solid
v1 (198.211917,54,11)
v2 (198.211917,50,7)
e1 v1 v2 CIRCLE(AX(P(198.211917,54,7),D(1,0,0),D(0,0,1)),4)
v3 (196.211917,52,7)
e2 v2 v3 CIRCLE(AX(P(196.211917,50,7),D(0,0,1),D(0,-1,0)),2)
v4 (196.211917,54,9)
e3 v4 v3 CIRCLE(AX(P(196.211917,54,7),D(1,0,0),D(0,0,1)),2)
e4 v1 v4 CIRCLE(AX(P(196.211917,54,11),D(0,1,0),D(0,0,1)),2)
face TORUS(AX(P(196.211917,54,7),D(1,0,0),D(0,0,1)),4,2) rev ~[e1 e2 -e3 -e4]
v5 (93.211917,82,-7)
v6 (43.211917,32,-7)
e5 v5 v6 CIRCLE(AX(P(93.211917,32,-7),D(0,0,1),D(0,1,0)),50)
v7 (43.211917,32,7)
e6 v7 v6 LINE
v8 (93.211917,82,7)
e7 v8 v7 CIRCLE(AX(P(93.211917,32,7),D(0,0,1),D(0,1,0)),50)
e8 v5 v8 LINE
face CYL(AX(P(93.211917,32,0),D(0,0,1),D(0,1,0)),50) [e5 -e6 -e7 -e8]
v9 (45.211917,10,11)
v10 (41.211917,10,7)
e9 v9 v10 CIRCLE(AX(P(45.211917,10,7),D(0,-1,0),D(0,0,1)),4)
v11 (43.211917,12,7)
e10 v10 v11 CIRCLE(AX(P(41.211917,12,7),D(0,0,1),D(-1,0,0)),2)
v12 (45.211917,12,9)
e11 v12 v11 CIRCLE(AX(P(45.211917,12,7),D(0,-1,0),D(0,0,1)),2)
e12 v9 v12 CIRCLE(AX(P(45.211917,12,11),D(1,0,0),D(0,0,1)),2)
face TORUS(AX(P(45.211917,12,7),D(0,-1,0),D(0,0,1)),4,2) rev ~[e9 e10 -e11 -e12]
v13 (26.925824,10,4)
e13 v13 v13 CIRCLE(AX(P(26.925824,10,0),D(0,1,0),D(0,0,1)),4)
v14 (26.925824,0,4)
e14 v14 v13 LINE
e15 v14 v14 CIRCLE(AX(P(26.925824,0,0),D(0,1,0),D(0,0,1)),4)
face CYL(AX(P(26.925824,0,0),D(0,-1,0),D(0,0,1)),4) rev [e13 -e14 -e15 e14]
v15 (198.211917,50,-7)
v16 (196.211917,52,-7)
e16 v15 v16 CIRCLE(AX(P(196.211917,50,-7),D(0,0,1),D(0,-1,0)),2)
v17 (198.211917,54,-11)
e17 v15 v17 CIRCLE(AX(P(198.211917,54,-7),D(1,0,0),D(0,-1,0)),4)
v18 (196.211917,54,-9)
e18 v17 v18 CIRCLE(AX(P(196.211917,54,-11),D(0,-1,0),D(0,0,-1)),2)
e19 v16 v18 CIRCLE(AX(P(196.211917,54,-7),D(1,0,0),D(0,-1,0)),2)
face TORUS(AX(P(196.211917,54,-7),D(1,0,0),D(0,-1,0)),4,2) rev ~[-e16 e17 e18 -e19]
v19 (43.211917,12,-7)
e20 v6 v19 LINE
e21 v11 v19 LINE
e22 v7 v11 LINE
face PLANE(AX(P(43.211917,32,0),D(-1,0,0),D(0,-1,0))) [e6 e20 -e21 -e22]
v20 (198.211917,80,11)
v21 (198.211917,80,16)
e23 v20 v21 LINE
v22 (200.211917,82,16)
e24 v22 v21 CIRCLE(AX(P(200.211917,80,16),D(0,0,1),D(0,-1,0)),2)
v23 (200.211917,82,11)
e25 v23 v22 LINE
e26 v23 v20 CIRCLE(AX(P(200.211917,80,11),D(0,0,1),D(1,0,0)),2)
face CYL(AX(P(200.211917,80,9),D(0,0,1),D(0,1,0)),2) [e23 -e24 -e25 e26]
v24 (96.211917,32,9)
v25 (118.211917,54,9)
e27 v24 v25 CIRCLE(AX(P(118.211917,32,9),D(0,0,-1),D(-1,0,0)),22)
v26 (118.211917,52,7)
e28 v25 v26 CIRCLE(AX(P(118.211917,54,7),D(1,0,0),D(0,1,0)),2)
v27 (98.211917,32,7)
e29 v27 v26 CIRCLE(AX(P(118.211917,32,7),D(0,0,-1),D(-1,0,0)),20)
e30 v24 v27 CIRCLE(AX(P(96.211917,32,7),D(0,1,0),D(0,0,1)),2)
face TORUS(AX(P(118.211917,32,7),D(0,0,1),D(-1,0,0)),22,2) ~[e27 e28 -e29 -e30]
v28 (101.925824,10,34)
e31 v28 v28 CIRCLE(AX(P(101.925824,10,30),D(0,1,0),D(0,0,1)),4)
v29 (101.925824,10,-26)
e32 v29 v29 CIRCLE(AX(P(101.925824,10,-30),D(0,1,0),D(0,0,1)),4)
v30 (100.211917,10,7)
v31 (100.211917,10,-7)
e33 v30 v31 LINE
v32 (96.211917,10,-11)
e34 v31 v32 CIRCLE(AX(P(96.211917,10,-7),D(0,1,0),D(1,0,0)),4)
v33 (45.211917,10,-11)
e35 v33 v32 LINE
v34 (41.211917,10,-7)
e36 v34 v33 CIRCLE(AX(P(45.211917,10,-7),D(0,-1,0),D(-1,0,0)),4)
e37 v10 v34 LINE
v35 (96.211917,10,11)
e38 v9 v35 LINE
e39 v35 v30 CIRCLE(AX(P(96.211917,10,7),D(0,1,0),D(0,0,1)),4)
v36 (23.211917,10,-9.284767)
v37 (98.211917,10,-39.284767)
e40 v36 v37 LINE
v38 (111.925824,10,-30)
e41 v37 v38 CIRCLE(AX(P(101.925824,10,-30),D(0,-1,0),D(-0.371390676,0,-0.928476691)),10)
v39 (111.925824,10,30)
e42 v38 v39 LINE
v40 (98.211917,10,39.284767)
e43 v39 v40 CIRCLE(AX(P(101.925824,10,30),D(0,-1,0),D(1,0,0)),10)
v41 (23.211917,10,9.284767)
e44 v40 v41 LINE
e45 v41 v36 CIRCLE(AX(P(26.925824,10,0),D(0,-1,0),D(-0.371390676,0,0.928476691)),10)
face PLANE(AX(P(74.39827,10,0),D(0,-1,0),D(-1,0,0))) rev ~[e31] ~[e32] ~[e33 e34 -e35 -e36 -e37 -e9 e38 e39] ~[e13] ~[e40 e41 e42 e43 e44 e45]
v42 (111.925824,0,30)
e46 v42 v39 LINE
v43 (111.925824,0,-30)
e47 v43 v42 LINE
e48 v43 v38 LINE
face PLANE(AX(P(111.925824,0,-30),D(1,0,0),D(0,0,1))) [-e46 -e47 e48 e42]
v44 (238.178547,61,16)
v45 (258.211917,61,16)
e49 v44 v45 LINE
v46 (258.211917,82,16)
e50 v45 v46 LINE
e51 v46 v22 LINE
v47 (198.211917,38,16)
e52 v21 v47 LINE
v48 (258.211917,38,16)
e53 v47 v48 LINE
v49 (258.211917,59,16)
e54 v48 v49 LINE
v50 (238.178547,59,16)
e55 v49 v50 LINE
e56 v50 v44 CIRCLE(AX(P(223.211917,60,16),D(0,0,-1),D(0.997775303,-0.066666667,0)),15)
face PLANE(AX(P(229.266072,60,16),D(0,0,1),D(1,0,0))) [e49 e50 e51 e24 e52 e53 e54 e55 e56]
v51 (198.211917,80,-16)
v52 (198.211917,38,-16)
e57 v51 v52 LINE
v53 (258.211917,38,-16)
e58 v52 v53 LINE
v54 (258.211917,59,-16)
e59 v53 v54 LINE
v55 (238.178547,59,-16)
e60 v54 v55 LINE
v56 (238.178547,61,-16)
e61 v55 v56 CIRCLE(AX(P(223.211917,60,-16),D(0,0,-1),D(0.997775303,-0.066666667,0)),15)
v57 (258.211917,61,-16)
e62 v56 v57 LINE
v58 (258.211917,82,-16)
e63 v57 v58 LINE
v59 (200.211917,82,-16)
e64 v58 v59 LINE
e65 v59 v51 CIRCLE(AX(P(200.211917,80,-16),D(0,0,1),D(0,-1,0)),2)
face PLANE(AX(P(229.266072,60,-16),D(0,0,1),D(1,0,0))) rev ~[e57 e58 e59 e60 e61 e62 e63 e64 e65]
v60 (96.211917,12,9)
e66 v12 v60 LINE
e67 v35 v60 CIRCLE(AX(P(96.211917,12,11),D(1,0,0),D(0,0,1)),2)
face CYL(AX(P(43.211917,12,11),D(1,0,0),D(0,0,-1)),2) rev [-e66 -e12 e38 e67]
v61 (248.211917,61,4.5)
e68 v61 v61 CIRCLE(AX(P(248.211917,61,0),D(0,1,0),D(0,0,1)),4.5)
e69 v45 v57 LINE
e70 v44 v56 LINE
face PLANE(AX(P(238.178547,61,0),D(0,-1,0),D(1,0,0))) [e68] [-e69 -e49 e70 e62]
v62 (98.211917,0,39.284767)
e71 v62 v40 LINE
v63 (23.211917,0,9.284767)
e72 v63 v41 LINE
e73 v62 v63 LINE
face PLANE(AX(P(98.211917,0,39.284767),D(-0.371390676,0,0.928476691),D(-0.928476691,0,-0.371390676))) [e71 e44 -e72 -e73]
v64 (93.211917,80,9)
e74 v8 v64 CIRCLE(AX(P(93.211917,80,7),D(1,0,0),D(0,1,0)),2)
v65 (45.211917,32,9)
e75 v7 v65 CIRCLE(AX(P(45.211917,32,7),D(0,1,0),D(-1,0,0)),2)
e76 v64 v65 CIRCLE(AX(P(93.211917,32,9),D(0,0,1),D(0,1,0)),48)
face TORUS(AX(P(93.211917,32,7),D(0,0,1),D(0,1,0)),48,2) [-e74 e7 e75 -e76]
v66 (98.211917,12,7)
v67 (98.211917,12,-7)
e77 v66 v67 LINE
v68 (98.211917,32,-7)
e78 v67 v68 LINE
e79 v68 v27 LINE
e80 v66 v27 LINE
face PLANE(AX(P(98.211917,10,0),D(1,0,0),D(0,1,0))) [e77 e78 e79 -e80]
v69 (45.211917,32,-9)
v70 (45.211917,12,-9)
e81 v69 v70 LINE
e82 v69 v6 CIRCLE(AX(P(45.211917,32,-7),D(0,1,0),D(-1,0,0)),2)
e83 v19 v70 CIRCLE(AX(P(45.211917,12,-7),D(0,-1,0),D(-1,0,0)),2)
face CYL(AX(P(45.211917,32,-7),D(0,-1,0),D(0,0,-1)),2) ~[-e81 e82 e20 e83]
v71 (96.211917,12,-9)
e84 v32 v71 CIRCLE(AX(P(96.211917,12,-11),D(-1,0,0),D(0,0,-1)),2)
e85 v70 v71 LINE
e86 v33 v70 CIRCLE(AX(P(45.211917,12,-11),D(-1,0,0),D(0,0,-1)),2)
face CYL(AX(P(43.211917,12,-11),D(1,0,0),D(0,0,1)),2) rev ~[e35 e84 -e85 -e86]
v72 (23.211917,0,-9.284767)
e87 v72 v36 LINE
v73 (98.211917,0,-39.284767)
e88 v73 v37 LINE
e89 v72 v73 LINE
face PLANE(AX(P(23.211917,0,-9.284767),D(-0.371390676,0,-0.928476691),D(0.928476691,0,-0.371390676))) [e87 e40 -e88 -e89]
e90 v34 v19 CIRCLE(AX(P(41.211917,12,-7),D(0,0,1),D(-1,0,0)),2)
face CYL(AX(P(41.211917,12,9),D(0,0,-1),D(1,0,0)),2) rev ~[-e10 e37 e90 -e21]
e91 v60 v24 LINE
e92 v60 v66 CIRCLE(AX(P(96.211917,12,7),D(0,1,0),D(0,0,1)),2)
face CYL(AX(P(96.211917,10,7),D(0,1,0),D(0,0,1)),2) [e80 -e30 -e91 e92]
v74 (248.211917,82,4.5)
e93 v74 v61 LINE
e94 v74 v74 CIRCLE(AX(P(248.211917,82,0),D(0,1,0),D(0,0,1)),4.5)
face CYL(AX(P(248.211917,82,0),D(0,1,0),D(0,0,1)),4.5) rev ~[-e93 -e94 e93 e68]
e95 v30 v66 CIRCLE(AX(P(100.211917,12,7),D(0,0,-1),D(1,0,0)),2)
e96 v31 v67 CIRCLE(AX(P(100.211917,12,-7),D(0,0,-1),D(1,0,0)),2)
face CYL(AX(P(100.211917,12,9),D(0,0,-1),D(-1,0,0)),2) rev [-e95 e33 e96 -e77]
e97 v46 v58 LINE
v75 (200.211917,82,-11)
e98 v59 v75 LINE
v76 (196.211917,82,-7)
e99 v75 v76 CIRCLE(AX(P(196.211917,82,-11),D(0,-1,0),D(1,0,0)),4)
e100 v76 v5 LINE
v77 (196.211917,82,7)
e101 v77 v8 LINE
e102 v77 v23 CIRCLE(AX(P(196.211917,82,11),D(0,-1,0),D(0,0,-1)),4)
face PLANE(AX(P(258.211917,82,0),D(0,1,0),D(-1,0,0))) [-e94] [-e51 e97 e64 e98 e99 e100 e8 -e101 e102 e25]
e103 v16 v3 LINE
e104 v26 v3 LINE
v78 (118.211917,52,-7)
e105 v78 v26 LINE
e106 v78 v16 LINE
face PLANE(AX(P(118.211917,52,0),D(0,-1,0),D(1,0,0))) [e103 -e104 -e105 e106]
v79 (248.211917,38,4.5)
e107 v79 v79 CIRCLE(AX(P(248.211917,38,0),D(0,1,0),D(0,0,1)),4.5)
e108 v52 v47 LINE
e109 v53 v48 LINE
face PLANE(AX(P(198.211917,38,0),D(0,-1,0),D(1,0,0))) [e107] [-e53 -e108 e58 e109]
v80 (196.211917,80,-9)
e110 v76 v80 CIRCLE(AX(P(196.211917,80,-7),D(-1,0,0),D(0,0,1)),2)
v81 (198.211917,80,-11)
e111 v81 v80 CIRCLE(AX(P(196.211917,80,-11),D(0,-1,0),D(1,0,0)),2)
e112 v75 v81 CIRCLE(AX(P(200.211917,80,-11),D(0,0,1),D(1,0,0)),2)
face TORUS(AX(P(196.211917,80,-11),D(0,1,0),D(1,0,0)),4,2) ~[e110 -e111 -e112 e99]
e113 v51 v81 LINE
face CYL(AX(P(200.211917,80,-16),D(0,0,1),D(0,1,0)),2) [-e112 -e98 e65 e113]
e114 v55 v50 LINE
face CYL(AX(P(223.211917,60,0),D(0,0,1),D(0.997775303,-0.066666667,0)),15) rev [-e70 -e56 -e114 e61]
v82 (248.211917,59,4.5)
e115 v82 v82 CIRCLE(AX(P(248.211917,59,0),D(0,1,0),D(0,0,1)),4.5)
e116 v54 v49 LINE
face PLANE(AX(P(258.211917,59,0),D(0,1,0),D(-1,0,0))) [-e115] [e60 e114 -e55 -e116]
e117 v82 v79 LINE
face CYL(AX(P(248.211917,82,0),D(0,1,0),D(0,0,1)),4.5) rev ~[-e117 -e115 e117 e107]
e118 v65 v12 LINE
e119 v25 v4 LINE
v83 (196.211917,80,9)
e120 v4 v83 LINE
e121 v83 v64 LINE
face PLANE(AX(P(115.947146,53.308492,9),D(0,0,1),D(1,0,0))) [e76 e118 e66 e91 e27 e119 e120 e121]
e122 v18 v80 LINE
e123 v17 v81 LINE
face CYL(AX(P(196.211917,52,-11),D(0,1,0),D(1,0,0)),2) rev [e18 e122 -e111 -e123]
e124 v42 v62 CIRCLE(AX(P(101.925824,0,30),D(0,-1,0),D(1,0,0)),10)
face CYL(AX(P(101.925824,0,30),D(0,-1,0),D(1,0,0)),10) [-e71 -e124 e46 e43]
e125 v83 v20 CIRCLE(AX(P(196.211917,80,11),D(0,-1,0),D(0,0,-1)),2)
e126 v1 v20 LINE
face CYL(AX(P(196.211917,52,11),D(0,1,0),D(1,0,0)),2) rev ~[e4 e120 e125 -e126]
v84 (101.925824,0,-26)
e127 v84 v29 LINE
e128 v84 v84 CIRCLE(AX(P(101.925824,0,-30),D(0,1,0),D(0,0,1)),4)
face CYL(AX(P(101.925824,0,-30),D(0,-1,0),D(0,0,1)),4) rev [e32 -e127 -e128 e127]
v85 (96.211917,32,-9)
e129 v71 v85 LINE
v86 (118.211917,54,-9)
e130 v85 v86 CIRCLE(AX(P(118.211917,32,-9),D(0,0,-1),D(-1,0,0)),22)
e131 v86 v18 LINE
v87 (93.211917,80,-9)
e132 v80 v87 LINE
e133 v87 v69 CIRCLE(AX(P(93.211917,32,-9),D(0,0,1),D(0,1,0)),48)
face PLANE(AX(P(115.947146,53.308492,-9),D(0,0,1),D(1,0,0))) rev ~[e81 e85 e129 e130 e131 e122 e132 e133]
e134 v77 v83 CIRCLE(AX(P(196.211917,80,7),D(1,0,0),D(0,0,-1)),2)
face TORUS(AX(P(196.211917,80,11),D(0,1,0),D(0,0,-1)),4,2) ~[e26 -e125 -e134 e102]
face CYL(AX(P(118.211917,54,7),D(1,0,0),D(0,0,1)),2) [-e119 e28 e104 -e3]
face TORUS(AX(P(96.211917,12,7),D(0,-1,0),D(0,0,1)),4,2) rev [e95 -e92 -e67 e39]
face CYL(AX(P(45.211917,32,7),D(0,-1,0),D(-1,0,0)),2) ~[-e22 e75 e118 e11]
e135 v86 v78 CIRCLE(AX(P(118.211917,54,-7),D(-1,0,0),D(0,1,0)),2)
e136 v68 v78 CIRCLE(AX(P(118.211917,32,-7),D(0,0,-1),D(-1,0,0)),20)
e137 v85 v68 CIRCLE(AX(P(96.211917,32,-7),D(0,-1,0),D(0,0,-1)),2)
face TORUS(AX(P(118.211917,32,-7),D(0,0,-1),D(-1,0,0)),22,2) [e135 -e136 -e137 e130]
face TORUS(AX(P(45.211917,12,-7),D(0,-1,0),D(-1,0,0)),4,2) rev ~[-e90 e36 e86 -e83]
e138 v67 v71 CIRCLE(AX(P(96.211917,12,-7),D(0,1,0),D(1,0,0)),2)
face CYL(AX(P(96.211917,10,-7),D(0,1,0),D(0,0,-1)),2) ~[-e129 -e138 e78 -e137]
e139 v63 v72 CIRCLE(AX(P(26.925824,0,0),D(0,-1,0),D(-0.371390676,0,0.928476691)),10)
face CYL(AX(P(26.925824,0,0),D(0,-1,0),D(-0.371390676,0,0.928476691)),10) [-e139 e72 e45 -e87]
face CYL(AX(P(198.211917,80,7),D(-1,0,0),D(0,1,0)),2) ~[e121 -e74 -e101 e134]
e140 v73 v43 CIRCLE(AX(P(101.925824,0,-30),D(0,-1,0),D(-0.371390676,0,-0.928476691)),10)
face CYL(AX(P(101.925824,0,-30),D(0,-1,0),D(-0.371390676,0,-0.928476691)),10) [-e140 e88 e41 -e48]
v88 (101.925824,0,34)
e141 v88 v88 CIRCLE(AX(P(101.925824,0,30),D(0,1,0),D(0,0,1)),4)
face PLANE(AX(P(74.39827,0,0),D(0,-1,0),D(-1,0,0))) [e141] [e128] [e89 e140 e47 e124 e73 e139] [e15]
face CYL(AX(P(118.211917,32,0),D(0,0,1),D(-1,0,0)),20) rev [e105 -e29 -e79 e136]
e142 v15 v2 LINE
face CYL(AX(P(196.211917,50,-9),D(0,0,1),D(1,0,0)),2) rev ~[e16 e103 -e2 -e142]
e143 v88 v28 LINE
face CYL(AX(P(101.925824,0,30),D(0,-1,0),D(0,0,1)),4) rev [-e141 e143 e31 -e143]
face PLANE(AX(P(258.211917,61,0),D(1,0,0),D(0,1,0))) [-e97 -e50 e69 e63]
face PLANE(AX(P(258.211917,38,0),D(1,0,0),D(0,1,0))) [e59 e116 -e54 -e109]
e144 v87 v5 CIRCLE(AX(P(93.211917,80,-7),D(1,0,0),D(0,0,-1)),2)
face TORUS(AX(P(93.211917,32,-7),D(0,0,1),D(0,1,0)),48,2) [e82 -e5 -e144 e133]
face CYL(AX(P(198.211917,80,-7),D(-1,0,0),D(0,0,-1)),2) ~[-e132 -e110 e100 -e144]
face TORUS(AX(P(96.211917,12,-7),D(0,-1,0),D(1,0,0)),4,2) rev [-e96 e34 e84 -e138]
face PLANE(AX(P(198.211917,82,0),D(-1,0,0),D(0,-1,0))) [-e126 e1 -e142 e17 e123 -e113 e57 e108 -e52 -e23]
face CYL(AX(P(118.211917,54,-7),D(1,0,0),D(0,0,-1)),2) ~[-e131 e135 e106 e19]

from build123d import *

# Parameters (mm, degrees)
SKETCH1_R           = 4
BOSS_EXTRUDE1_DEPTH = 10
BOSS_EXTRUDE2_DEPTH = 9
BOSS_EXTRUDE3_DEPTH = 16
SKETCH3_R           = 4.5
CUT_EXTRUDE1_DEPTH  = 274.856521232
FILLET5_R           = 2


with BuildPart() as part:
    # Sketch1 → Boss-Extrude1 (new body)
    with BuildSketch(Plane(origin=(0, 0, 0), x_dir=(1, 0, 0), z_dir=(0, 1, 0))):
        with BuildLine():
            Line((23.211917272, 9.284766909), (98.211917272, 39.284766909))
            ThreePointArc((98.211917272, 39.284766909), (107.532112129, 38.280672305), (111.925824036, 30))
            Line((111.925824036, 30), (111.925824036, -30))
            ThreePointArc((111.925824036, -30), (107.532112129, -38.280672305), (98.211917272, -39.284766909))
            Line((98.211917272, -39.284766909), (23.211917272, -9.284766909))
            ThreePointArc((23.211917272, -9.284766909), (16.925824036, 0), (23.211917272, 9.284766909))
        make_face()
        with Locations((26.925824036, 0)):
            Circle(SKETCH1_R, mode=Mode.SUBTRACT)
        with Locations((101.925824036, 30)):
            Circle(SKETCH1_R, mode=Mode.SUBTRACT)
        with Locations((101.925824036, -30)):
            Circle(SKETCH1_R, mode=Mode.SUBTRACT)
    extrude(amount=BOSS_EXTRUDE1_DEPTH)

    # Sketch2 → Boss-Extrude2 (add, symmetric)
    with BuildSketch(Plane.XY):
        with BuildLine():
            Line((43.211917272, 32), (43.211917272, 10))
            Line((43.211917272, 10), (98.211917272, 10))
            Line((98.211917272, 10), (98.211917272, 32))
            ThreePointArc((98.211917272, 32), (104.069781648, 46.142135624), (118.211917272, 52))
            Line((118.211917272, 52), (198.211917272, 52))
            Line((198.211917272, 52), (198.211917272, 82))
            Line((198.211917272, 82), (93.211917272, 82))
            ThreePointArc((93.211917272, 82), (57.856578213, 67.355339059), (43.211917272, 32))
        make_face()
    extrude(amount=BOSS_EXTRUDE2_DEPTH, both=True)

    # Sketch2<4> → Boss-Extrude3 (add, symmetric)
    with BuildSketch(Plane.XY):
        with BuildLine():
            Line((258.211917272, 82), (198.211917272, 82))
            Line((198.211917272, 82), (198.211917272, 52))
            Line((198.211917272, 52), (198.211917272, 38))
            Line((198.211917272, 38), (258.211917272, 38))
            Line((258.211917272, 38), (258.211917272, 59))
            Line((258.211917272, 59), (238.178546819, 59))
            ThreePointArc((238.178546819, 59), (208.211917272, 60), (238.178546819, 61))
            Line((238.178546819, 61), (258.211917272, 61))
            Line((258.211917272, 61), (258.211917272, 82))
        make_face()
    extrude(amount=BOSS_EXTRUDE3_DEPTH, both=True)

    # Sketch3 → Cut-Extrude1 (cut, through all)
    with BuildSketch(Plane(origin=(0, 82, 0), x_dir=(1, 0, 0), z_dir=(0, 1, 0))):
        with Locations((248.211917272, 0)):
            Circle(SKETCH3_R)
    extrude(amount=-CUT_EXTRUDE1_DEPTH, mode=Mode.SUBTRACT)

    # Fillet5
    fillet5_edges = [part.edges().sort_by_distance(p)[0] for p in [
        (198.211917272, 82, 12.5),
        (198.211917272, 52, 0),
        (198.211917272, 82, -12.5),
        (43.211917272, 10, 0),
        (98.211917272, 10, 0),
        (70.711917272, 10, 9),
        (43.211917272, 21, 9),
        (57.856578213, 67.355339059, 9),
        (145.711917272, 82, 9),
        (198.211917272, 67, 9),
        (158.211917272, 52, 9),
        (104.069781648, 46.142135624, 9),
        (98.211917272, 21, 9),
        (104.069781648, 46.142135624, -9),
        (158.211917272, 52, -9),
        (198.211917272, 67, -9),
        (145.711917272, 82, -9),
        (57.856578213, 67.355339059, -9),
        (43.211917272, 21, -9),
        (70.711917272, 10, -9),
        (98.211917272, 21, -9),
    ]]
    fillet(fillet5_edges, radius=FILLET5_R)


solid = part.part
